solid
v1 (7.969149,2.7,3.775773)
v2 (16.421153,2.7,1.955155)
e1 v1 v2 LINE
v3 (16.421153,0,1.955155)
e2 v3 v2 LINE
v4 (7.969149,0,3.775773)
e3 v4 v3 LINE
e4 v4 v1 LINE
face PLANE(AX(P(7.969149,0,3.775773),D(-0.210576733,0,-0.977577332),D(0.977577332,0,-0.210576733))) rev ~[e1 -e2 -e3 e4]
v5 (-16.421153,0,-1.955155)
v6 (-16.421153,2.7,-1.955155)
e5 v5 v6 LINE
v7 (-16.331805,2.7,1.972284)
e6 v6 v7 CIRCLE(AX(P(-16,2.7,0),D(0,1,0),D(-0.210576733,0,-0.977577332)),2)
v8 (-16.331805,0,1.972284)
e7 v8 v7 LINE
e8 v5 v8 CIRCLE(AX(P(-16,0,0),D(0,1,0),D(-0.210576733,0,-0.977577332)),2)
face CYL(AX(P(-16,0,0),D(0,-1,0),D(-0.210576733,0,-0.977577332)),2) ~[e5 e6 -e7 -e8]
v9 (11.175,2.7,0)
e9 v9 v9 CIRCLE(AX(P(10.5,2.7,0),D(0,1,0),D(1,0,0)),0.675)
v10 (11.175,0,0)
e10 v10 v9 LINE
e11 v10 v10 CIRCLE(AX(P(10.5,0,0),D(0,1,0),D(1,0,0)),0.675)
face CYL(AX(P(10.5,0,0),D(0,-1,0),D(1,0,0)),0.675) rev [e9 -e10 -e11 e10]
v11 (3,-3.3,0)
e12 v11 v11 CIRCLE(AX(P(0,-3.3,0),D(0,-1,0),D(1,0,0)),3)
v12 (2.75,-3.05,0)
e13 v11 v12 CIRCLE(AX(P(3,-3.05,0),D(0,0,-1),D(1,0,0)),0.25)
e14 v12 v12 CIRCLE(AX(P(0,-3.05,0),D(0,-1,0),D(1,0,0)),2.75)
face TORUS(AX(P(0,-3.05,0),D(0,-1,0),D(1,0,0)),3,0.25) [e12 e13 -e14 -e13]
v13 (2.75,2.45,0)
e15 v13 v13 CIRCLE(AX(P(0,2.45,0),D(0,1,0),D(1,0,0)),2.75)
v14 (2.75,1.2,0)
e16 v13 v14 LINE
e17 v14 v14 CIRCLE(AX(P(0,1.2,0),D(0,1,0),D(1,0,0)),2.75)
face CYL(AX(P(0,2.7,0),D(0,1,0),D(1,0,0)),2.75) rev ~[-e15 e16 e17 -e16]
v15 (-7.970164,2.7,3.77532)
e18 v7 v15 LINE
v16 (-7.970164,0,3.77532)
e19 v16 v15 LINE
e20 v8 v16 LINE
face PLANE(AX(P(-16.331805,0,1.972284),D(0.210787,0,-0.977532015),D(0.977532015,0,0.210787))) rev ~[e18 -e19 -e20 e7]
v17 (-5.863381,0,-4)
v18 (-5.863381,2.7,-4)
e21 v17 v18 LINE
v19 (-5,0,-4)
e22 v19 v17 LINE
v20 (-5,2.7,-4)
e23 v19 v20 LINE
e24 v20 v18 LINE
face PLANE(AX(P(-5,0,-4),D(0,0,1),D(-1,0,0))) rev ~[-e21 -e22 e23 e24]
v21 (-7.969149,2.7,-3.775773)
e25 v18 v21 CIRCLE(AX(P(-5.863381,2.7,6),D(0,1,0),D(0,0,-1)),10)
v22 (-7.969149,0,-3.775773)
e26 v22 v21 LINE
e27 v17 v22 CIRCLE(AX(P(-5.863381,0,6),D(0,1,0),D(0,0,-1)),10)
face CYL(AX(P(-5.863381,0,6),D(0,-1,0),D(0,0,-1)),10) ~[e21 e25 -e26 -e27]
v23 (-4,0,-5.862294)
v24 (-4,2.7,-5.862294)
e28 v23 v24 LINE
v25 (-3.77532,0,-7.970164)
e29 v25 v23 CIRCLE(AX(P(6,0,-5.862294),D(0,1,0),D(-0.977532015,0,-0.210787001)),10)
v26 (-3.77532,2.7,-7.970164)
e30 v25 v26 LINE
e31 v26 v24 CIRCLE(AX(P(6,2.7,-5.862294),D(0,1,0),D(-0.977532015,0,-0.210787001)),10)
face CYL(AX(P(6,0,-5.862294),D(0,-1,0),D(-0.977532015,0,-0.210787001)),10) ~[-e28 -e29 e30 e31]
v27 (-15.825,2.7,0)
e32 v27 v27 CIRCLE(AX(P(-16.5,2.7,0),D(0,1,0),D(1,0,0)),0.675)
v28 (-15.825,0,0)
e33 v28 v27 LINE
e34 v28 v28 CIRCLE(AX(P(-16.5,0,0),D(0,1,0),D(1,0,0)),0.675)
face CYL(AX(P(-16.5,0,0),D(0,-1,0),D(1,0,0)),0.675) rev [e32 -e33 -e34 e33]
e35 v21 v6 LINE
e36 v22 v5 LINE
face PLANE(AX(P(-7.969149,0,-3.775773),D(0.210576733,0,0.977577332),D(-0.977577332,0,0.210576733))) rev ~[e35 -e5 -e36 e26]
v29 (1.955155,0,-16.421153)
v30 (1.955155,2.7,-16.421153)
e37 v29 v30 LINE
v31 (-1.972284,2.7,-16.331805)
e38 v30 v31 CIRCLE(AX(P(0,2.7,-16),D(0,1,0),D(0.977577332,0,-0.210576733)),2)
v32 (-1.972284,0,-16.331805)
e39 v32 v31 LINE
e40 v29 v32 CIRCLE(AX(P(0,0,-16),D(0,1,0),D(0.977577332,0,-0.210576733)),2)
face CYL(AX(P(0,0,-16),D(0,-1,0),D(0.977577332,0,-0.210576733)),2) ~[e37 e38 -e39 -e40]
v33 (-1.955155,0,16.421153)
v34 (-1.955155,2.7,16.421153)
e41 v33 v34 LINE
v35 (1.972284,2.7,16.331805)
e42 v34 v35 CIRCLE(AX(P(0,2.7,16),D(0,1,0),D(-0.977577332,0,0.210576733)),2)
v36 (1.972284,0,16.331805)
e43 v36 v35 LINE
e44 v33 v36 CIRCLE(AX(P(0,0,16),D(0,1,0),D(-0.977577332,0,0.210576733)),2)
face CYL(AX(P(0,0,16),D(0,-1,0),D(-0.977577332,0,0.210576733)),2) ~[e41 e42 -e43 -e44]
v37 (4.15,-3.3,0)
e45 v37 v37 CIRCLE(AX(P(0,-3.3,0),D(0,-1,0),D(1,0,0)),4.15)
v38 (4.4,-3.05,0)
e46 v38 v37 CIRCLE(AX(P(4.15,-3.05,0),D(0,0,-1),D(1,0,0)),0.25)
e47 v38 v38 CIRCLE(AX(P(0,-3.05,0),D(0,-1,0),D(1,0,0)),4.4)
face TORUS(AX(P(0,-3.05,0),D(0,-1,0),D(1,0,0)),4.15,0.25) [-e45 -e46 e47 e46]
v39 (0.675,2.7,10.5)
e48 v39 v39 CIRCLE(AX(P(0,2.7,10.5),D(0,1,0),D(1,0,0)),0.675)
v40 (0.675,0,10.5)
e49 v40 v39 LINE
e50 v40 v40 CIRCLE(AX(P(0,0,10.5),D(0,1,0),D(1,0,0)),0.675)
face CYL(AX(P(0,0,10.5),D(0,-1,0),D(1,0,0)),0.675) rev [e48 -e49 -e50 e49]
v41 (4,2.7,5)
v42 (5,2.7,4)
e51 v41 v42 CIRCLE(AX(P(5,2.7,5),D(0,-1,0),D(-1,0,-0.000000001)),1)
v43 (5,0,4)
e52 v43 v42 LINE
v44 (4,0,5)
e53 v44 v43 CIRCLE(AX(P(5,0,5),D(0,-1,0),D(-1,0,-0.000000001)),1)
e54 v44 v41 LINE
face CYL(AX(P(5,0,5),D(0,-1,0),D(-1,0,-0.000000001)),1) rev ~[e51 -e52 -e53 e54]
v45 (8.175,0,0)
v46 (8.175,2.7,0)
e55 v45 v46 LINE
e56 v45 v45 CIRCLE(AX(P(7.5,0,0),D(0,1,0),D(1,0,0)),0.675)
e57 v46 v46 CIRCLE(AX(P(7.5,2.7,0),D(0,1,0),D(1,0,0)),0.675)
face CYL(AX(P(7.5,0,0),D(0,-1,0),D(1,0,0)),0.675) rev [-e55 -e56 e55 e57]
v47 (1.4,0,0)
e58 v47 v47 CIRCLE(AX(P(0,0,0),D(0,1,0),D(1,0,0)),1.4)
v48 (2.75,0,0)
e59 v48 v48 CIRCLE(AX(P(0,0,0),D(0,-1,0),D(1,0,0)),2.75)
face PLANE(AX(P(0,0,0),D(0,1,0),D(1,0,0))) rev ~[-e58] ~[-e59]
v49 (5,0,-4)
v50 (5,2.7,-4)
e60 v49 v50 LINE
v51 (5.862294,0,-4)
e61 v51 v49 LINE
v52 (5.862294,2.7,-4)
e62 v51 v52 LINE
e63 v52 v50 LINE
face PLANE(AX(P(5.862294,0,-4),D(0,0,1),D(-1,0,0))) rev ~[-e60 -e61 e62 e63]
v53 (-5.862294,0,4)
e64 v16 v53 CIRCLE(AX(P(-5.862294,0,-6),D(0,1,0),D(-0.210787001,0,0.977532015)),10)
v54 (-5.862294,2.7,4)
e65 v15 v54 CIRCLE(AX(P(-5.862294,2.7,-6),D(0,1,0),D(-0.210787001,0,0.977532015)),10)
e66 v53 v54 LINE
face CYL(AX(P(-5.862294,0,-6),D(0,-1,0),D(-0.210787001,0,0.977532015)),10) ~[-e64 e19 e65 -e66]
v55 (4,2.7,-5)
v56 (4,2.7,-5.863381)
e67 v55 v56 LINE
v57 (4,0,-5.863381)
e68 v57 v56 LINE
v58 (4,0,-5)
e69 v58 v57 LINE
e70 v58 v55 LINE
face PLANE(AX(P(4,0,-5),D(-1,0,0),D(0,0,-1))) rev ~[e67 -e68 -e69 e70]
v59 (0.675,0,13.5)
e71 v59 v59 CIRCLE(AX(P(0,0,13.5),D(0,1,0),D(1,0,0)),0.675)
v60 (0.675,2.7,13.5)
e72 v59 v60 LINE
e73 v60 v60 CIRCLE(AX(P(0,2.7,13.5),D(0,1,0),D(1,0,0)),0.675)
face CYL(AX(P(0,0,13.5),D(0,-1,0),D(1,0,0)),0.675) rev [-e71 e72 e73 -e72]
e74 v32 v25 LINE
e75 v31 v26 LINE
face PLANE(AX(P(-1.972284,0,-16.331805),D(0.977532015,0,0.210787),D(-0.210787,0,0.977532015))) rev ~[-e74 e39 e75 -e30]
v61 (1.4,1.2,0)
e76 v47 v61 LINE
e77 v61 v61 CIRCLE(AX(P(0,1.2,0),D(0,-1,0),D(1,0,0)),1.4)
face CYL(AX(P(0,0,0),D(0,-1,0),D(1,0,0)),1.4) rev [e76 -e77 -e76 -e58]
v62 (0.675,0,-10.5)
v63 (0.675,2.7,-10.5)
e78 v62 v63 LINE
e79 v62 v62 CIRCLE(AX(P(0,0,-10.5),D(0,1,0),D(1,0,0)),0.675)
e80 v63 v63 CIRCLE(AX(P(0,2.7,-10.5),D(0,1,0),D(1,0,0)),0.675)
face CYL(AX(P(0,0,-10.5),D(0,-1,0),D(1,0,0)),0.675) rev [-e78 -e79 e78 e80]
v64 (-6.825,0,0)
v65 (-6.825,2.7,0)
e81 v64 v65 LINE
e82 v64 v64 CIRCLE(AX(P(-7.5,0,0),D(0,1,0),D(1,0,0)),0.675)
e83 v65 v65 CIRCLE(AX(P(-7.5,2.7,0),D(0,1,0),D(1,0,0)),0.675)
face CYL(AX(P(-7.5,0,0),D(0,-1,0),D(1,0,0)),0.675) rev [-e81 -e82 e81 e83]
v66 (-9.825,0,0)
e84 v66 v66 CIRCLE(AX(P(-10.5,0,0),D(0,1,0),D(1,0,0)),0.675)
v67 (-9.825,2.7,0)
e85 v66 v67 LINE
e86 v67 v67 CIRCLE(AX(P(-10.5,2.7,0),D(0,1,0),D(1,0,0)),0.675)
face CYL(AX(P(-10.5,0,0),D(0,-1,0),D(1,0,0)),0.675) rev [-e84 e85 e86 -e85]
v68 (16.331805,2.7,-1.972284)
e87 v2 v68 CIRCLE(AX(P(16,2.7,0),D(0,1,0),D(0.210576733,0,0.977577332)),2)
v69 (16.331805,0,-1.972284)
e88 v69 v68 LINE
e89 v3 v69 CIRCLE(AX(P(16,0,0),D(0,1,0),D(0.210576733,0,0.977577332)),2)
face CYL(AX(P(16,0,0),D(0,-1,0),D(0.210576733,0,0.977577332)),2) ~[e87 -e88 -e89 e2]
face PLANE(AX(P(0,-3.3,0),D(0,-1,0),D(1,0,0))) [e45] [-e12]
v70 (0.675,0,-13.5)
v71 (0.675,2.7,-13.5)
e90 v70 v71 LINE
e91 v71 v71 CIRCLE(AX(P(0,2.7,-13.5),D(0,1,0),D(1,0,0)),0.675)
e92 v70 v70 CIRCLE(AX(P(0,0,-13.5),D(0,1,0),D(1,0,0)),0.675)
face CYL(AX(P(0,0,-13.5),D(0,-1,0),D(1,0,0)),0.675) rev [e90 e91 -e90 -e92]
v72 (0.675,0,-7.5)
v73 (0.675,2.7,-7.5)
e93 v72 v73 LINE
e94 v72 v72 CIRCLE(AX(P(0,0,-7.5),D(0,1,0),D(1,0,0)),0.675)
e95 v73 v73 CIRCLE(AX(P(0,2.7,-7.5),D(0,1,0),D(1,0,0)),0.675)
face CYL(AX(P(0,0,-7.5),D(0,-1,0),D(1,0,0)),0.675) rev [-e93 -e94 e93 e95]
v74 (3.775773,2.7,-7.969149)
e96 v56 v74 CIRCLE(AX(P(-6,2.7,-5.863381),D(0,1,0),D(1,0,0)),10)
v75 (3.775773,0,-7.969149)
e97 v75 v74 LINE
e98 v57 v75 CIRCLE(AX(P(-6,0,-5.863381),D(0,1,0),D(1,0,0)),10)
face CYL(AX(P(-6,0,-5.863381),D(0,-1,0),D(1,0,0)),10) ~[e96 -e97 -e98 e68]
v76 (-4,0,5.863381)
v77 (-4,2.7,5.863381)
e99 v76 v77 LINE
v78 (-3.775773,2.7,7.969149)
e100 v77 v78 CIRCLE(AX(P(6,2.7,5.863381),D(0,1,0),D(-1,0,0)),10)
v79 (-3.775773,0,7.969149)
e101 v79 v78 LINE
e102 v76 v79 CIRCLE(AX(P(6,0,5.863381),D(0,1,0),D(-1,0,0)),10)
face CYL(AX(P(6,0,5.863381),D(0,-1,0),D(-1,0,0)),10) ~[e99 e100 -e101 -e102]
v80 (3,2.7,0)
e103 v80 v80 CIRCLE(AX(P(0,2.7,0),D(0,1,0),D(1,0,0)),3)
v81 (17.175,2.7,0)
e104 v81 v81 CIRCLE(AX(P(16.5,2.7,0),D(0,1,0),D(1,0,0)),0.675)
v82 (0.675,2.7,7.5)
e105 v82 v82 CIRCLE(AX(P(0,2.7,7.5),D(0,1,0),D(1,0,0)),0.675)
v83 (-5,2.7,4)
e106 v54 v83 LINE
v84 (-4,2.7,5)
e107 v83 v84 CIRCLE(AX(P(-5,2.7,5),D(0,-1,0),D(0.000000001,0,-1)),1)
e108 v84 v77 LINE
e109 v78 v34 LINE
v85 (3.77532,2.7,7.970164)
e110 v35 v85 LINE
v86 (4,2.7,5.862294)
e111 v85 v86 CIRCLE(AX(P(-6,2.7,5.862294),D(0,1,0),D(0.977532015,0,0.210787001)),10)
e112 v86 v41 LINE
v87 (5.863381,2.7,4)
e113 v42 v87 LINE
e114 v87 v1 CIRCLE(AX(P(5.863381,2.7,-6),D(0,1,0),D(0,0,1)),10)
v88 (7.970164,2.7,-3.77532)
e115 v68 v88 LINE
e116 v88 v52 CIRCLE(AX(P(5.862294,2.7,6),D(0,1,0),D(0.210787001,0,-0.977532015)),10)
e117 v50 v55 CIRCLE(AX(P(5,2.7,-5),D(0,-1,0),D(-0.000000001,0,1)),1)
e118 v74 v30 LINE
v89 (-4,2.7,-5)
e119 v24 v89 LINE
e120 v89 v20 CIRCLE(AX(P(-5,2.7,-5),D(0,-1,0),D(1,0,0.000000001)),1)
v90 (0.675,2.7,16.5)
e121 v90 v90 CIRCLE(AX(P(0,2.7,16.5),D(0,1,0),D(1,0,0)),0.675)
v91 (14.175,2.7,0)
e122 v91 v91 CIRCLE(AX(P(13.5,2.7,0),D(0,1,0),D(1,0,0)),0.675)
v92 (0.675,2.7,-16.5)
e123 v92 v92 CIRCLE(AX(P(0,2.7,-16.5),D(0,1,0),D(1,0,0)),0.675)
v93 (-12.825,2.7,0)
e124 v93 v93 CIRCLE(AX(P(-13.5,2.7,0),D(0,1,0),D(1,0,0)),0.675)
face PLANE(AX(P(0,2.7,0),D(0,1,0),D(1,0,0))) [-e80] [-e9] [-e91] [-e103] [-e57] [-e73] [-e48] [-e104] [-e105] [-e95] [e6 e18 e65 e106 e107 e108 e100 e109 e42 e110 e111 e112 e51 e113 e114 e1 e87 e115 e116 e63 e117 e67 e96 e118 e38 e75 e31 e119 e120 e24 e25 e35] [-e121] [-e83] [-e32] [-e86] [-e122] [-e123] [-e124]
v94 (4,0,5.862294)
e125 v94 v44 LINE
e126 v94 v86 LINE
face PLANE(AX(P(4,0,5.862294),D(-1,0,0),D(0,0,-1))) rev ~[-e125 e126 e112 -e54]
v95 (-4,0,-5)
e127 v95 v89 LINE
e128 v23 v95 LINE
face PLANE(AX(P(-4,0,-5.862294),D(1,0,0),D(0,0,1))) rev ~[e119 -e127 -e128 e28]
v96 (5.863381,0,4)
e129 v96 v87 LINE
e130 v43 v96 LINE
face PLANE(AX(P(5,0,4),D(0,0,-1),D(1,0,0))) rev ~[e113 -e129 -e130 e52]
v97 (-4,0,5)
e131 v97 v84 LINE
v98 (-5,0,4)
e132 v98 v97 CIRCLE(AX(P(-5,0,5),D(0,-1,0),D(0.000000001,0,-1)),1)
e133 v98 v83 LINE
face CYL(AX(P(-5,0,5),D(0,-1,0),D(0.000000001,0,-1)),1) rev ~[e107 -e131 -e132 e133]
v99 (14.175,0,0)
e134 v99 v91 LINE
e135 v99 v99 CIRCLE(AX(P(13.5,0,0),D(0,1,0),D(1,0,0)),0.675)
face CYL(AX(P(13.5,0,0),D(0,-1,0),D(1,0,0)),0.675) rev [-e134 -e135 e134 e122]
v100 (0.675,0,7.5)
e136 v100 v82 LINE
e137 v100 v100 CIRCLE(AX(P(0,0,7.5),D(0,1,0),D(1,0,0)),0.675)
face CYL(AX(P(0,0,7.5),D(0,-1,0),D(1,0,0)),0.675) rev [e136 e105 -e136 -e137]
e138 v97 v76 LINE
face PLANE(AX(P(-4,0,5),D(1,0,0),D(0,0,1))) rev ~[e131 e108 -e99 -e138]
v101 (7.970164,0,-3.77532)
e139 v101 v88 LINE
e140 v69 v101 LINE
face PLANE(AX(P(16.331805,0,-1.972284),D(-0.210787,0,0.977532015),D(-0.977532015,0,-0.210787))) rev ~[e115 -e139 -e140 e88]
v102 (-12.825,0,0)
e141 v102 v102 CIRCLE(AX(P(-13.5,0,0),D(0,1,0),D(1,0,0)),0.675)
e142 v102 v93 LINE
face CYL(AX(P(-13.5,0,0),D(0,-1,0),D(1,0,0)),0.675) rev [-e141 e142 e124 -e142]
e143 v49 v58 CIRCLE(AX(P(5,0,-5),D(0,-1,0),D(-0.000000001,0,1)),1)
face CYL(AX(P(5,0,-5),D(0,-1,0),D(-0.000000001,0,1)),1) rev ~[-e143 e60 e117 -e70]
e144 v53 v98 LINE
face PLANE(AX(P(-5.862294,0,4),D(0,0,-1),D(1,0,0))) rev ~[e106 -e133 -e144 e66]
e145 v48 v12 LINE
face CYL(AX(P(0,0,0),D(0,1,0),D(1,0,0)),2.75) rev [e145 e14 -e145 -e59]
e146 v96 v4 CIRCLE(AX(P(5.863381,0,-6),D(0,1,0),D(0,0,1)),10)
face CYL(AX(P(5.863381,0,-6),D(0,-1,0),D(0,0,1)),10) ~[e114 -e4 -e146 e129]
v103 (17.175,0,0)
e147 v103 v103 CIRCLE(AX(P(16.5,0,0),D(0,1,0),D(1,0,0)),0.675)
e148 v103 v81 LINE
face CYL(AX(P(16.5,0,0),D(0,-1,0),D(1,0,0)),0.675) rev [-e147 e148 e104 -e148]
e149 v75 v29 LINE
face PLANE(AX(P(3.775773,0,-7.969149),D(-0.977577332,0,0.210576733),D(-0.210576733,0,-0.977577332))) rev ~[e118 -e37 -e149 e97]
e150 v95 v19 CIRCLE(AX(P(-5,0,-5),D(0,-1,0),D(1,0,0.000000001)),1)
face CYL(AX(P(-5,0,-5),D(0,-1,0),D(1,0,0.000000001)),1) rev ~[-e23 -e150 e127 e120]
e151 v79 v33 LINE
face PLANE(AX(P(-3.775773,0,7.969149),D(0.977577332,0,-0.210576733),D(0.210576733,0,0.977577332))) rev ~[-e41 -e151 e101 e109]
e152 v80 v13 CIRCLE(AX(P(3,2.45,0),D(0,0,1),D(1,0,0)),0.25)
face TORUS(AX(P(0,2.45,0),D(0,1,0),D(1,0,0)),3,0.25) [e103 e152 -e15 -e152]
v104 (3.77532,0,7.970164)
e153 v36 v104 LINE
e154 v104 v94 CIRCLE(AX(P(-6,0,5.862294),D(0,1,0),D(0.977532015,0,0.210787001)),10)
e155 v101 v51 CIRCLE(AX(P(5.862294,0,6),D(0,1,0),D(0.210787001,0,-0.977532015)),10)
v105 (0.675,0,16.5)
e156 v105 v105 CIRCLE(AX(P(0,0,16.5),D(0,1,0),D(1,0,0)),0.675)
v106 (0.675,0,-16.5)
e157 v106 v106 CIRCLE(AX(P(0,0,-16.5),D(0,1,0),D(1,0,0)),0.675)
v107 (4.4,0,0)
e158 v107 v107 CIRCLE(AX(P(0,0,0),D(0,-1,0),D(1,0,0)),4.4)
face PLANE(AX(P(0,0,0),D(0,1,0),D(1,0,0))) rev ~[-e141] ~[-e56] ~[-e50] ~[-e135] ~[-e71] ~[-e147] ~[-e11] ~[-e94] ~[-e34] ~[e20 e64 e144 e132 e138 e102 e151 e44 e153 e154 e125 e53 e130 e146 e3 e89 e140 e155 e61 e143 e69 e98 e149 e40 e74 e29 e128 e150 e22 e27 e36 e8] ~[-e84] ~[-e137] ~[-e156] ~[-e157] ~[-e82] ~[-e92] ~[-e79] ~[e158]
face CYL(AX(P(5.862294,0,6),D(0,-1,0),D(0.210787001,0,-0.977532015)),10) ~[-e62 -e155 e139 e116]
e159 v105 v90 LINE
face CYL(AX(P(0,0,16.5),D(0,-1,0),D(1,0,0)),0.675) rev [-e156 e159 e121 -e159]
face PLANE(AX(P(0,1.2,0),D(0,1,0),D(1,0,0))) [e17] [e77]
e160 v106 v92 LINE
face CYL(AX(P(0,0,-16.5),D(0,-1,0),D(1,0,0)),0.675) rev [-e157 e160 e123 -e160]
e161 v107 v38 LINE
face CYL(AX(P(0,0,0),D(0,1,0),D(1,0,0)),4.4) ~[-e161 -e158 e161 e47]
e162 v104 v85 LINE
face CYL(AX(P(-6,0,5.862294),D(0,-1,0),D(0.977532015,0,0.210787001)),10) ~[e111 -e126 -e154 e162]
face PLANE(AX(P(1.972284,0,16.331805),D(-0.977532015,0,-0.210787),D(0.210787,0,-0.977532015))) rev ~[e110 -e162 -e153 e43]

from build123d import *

# Parameters (mm, degrees)
ESQUISSE1_R             = 1.4
ESQUISSE1_R_2           = 0.675
BOSS_EXTRU_1_DEPTH      = 2.7
ESQUISSE2_R             = 2.75
ENL_V_MAT_EXTRU_1_DEPTH = 1.5
ESQUISSE3_R             = 4.4
ESQUISSE3_R_2           = 2.75
BOSS_EXTRU_2_DEPTH      = 3.3
CONG_1_R                = 0.25


with BuildPart() as part:
    # Esquisse1 → Boss.-Extru.1 (new body)
    with BuildSketch(Plane(origin=(0, 0, 0), x_dir=(1, 0, 0), z_dir=(0, 1, 0))):
        with BuildLine():
            Line((-4, 5.86229381), (-4, 5))
            ThreePointArc((-4, 5), (-4.292893219, 4.292893219), (-5, 4))
            Line((-5, 4), (-5.863381493, 4))
            ThreePointArc((-5.863381493, 4), (-6.922217369, 3.943785325), (-7.969148823, 3.775773317))
            Line((-7.969148823, 3.775773317), (-16.421153466, 1.955154663))
            ThreePointArc((-16.421153466, 1.955154663), (-17.999482643, -0.04548802), (-16.331804641, -1.972284381))
            Line((-16.331804641, -1.972284381), (-7.970163814, -3.77532015))
            ThreePointArc((-7.970163814, -3.77532015), (-6.922199111, -3.943671392), (-5.86229381, -4))
            Line((-5.86229381, -4), (-5, -4))
            ThreePointArc((-5, -4), (-4.292893219, -4.292893219), (-4, -5))
            Line((-4, -5), (-4, -5.863381493))
            ThreePointArc((-4, -5.863381493), (-3.943785325, -6.922217369), (-3.775773317, -7.969148823))
            Line((-3.775773317, -7.969148823), (-1.955154663, -16.421153466))
            ThreePointArc((-1.955154663, -16.421153466), (0.04548802, -17.999482643), (1.972284381, -16.331804641))
            Line((1.972284381, -16.331804641), (3.77532015, -7.970163814))
            ThreePointArc((3.77532015, -7.970163814), (3.943671392, -6.922199111), (4, -5.86229381))
            Line((4, -5.86229381), (4, -5))
            ThreePointArc((4, -5), (4.292893219, -4.292893219), (5, -4))
            Line((5, -4), (5.863381493, -4))
            ThreePointArc((5.863381493, -4), (6.922217369, -3.943785325), (7.969148823, -3.775773317))
            Line((7.969148823, -3.775773317), (16.421153466, -1.955154663))
            ThreePointArc((16.421153466, -1.955154663), (17.999482643, 0.04548802), (16.331804641, 1.972284381))
            Line((16.331804641, 1.972284381), (7.970163814, 3.77532015))
            ThreePointArc((7.970163814, 3.77532015), (6.922199111, 3.943671392), (5.86229381, 4))
            Line((5.86229381, 4), (5, 4))
            ThreePointArc((5, 4), (4.292893219, 4.292893219), (4, 5))
            Line((4, 5), (4, 5.863381493))
            ThreePointArc((4, 5.863381493), (3.943785325, 6.922217369), (3.775773317, 7.969148823))
            Line((3.775773317, 7.969148823), (1.955154663, 16.421153466))
            ThreePointArc((1.955154663, 16.421153466), (-0.04548802, 17.999482643), (-1.972284381, 16.331804641))
            Line((-1.972284381, 16.331804641), (-3.77532015, 7.970163814))
            ThreePointArc((-3.77532015, 7.970163814), (-3.943671392, 6.922199111), (-4, 5.86229381))
        make_face()
        Circle(ESQUISSE1_R, mode=Mode.SUBTRACT)
        with Locations((0, 16.5)):
            Circle(ESQUISSE1_R_2, mode=Mode.SUBTRACT)
        with Locations((0, 10.5)):
            Circle(ESQUISSE1_R_2, mode=Mode.SUBTRACT)
        with Locations((0, 7.5)):
            Circle(ESQUISSE1_R_2, mode=Mode.SUBTRACT)
        with Locations((0, 13.5)):
            Circle(ESQUISSE1_R_2, mode=Mode.SUBTRACT)
        with Locations((16.5, 0)):
            Circle(ESQUISSE1_R_2, mode=Mode.SUBTRACT)
        with Locations((13.5, 0)):
            Circle(ESQUISSE1_R_2, mode=Mode.SUBTRACT)
        with Locations((10.5, 0)):
            Circle(ESQUISSE1_R_2, mode=Mode.SUBTRACT)
        with Locations((7.5, 0)):
            Circle(ESQUISSE1_R_2, mode=Mode.SUBTRACT)
        with Locations((0, -16.5)):
            Circle(ESQUISSE1_R_2, mode=Mode.SUBTRACT)
        with Locations((0, -13.5)):
            Circle(ESQUISSE1_R_2, mode=Mode.SUBTRACT)
        with Locations((0, -10.5)):
            Circle(ESQUISSE1_R_2, mode=Mode.SUBTRACT)
        with Locations((0, -7.5)):
            Circle(ESQUISSE1_R_2, mode=Mode.SUBTRACT)
        with Locations((-16.5, 0)):
            Circle(ESQUISSE1_R_2, mode=Mode.SUBTRACT)
        with Locations((-13.5, 0)):
            Circle(ESQUISSE1_R_2, mode=Mode.SUBTRACT)
        with Locations((-10.5, 0)):
            Circle(ESQUISSE1_R_2, mode=Mode.SUBTRACT)
        with Locations((-7.5, 0)):
            Circle(ESQUISSE1_R_2, mode=Mode.SUBTRACT)
    extrude(amount=BOSS_EXTRU_1_DEPTH)

    # Esquisse2 → Enlèv. mat.-Extru.1 (cut)
    with BuildSketch(Plane(origin=(0, 2.7, 0), x_dir=(1, 0, 0), z_dir=(0, 1, 0))):
        Circle(ESQUISSE2_R)
    extrude(amount=-ENL_V_MAT_EXTRU_1_DEPTH, mode=Mode.SUBTRACT)

    # Esquisse3 → Boss.-Extru.2 (add)
    with BuildSketch(Plane.XZ):
        Circle(ESQUISSE3_R)
        Circle(ESQUISSE3_R_2, mode=Mode.SUBTRACT)
    extrude(amount=BOSS_EXTRU_2_DEPTH)

    # Congé1
    cong_1_edges = [part.edges().sort_by_distance(p)[0] for p in [
        (-2.75, 2.7, 0),
        (-4.4, -3.3, 0),
        (-2.75, -3.3, 0),
    ]]
    fillet(cong_1_edges, radius=CONG_1_R)


solid = part.part
